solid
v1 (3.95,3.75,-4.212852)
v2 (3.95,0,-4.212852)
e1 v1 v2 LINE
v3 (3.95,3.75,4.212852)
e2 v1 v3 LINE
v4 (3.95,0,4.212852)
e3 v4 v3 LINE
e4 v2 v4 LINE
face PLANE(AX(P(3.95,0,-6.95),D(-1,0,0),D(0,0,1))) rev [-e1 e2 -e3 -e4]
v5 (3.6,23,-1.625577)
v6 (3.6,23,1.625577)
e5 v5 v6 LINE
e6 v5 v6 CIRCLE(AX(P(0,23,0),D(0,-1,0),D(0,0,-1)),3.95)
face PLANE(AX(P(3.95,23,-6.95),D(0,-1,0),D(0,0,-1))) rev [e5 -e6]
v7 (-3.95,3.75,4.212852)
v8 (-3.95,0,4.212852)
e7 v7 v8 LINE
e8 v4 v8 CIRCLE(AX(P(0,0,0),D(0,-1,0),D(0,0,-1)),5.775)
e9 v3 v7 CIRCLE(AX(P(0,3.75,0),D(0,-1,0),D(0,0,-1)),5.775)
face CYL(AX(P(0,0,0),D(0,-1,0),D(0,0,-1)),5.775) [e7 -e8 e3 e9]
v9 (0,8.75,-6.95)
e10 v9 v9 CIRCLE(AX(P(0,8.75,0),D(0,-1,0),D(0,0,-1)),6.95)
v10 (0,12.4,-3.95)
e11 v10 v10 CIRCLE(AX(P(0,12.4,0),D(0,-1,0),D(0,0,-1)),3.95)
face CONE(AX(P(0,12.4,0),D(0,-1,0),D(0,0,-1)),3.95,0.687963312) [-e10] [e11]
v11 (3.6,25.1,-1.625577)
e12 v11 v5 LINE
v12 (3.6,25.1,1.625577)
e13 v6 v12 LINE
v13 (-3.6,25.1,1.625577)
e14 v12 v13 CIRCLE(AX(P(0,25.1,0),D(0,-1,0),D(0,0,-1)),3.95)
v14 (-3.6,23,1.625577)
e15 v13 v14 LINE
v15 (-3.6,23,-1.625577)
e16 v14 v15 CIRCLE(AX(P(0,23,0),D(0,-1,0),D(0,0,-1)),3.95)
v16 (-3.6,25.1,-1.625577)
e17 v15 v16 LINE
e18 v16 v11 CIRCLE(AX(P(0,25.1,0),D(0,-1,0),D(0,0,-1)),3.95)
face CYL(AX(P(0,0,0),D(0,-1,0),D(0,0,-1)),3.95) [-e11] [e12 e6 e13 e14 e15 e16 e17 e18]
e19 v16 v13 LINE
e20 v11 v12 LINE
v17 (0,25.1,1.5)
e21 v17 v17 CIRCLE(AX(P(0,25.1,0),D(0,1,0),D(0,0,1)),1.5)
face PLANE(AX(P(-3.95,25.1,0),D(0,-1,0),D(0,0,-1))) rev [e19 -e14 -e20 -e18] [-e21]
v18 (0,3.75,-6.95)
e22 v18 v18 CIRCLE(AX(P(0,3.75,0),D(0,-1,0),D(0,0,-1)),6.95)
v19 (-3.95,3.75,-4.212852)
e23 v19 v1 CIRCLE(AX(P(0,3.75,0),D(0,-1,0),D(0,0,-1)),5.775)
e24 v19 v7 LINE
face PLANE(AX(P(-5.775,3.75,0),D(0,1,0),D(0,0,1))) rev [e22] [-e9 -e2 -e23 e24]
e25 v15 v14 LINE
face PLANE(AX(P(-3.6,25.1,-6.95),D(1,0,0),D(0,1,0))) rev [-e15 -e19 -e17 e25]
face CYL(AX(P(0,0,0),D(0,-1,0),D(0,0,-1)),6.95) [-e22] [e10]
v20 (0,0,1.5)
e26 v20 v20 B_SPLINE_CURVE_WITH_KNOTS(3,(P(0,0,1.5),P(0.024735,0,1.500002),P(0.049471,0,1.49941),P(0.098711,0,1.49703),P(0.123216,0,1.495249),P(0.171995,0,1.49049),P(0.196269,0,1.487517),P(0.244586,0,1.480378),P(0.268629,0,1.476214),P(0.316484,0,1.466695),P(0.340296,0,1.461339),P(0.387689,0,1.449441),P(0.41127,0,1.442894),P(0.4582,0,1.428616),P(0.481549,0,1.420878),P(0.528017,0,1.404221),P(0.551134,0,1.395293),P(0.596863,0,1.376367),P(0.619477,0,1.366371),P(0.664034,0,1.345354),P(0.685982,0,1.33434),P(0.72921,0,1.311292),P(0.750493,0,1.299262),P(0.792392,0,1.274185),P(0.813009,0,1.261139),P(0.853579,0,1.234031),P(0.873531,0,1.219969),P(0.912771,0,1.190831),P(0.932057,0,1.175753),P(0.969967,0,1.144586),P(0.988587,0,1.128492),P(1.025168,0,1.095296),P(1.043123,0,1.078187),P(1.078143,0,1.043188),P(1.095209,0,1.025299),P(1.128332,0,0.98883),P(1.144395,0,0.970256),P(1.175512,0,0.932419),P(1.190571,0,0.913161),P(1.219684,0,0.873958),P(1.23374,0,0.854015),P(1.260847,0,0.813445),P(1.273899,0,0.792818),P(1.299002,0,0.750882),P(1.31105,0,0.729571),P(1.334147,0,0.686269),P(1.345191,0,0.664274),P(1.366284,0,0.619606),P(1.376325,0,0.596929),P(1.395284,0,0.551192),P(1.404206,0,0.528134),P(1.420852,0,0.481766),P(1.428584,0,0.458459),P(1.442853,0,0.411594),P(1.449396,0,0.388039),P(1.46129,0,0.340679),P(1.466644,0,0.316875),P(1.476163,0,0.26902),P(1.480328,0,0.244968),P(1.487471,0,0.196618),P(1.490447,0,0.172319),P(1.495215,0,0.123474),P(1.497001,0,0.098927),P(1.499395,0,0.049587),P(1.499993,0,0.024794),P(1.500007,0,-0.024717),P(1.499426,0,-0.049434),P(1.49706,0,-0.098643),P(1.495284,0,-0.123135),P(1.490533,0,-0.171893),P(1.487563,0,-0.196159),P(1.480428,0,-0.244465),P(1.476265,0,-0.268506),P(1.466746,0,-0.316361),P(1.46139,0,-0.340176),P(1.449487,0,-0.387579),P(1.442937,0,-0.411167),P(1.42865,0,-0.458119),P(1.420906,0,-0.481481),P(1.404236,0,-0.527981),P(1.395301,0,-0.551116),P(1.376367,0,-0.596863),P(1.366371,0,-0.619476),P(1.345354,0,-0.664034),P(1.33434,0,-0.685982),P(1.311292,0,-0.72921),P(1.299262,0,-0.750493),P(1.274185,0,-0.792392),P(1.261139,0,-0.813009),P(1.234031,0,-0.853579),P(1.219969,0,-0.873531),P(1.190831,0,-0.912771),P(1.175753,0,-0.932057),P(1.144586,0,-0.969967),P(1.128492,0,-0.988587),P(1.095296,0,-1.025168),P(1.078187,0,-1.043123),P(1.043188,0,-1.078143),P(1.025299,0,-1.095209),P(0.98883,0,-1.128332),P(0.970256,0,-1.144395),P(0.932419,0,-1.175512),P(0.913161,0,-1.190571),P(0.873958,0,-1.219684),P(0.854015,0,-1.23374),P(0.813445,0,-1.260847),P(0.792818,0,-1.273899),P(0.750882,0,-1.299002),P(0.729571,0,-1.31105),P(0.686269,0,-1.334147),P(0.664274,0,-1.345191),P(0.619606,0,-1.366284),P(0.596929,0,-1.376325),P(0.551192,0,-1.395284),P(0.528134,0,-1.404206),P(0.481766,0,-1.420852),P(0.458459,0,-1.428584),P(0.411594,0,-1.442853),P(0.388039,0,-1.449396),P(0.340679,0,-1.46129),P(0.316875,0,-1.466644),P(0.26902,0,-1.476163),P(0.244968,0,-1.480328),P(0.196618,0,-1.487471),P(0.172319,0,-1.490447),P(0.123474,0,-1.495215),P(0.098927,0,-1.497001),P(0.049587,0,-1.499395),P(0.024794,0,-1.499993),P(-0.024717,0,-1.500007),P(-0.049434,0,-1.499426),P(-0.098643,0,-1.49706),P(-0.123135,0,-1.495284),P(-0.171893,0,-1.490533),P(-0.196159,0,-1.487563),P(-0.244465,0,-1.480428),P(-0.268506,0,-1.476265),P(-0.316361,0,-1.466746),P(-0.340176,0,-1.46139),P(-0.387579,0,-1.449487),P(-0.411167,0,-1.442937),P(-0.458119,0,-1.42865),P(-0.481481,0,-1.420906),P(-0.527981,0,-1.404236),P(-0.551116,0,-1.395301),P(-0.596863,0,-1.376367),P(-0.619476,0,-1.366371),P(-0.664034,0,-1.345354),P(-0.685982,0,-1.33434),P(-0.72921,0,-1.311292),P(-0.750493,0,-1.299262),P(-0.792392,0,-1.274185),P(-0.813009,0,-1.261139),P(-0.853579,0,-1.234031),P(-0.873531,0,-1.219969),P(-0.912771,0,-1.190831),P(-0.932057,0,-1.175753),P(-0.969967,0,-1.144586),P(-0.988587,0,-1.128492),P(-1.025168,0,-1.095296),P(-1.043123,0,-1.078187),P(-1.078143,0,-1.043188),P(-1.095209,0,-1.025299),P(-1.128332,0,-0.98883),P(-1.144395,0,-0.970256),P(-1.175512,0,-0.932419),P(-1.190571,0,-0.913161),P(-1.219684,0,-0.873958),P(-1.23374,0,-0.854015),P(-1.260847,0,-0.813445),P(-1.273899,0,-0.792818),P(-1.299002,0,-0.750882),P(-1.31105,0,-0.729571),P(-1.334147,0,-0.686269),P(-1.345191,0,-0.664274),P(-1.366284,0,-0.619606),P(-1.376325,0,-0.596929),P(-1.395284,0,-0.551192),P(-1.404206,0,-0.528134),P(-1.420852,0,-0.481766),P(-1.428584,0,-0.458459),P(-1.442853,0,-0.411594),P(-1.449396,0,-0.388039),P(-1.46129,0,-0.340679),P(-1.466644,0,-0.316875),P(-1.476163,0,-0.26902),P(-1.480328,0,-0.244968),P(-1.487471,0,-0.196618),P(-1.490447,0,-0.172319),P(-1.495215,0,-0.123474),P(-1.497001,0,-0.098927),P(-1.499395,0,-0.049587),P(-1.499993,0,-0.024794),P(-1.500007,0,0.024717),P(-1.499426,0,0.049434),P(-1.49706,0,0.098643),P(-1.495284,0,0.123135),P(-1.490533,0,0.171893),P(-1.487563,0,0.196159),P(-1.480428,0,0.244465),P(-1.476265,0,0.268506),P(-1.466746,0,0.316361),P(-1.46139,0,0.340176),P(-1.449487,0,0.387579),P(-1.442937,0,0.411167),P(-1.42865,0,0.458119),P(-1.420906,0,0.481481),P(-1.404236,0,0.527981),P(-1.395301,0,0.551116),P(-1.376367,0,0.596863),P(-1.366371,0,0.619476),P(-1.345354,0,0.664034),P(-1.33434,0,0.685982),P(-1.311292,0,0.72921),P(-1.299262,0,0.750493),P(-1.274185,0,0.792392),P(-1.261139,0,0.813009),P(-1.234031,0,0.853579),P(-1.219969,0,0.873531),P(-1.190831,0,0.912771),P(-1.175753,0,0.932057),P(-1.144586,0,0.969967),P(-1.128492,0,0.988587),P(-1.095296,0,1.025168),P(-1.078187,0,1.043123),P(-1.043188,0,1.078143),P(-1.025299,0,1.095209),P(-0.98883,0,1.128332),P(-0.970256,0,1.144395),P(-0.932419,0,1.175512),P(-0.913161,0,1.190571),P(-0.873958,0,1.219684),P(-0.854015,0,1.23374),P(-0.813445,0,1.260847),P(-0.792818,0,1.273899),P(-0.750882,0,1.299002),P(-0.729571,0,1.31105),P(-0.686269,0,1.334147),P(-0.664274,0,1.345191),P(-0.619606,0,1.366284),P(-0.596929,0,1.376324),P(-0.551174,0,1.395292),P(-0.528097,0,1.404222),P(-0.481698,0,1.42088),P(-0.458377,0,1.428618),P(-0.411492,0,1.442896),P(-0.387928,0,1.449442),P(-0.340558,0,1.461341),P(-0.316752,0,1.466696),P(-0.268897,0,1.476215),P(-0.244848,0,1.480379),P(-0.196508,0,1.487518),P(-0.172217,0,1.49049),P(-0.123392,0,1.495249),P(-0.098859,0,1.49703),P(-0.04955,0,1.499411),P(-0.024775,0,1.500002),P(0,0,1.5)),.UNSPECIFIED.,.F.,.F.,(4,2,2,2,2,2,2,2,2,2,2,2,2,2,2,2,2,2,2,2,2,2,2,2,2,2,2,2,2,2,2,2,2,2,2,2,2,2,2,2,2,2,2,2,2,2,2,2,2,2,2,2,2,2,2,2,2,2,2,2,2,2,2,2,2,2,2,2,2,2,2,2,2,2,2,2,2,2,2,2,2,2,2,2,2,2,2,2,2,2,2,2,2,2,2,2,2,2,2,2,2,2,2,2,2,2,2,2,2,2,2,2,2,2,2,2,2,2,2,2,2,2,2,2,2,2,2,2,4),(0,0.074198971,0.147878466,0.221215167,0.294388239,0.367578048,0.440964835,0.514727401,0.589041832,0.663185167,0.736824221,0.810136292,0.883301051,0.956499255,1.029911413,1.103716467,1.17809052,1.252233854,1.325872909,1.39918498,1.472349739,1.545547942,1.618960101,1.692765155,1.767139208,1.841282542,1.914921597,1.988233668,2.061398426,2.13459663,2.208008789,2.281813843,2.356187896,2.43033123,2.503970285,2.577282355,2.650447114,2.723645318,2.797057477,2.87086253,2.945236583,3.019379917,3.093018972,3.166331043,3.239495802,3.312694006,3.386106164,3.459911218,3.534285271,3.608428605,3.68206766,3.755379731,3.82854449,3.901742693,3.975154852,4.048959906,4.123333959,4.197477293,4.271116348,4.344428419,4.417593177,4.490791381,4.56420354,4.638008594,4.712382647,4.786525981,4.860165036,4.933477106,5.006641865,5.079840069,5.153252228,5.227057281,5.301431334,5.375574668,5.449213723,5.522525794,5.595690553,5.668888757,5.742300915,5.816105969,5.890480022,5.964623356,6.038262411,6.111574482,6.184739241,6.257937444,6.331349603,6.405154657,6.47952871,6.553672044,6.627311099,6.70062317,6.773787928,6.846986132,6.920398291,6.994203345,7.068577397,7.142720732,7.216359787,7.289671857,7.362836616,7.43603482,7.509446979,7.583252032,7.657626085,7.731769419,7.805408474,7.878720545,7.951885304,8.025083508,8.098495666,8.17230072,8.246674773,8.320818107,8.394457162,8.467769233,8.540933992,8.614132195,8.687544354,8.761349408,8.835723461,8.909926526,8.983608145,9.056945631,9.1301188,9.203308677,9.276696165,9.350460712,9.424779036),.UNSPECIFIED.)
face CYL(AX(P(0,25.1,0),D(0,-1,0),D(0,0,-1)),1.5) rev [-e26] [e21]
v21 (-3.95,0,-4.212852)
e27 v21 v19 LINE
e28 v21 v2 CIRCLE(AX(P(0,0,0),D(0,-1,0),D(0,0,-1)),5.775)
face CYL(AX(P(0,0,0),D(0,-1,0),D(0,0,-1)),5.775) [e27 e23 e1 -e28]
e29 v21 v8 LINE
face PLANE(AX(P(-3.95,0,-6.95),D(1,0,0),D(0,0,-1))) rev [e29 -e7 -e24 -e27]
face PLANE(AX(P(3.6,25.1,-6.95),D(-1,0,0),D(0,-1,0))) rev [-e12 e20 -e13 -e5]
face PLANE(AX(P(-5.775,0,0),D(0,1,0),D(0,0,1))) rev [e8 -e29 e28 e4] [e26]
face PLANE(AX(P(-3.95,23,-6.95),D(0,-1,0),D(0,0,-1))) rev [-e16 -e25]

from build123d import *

# Parameters (mm, degrees)
CORTE_EXTRUS_O1_DEPTH      = 27.95579715
CORTE_EXTRUS_O1_DEPTH_BACK = 27.95579715
ESBO_O2_W                  = 1.825
ESBO_O2_H                  = 3.75
ESBO_O2_W_2                = 0.35
ESBO_O2_H_2                = 2.1
CORTE_EXTRUS_O2_DEPTH      = 27.95579715
CORTE_EXTRUS_O2_DEPTH_BACK = 27.95579715
ESBO_O3_R                  = 1.5


with BuildPart() as part:
    # Esboço1 → Revolução1 (revolve)
    with BuildSketch(Plane.XY, mode=Mode.PRIVATE) as revolu_o1_sk:
        Polygon((-5.775, 0), (-5.775, 3.75), (-6.95, 3.75), (-6.95, 8.75), (-3.95, 12.4), (-3.95, 25.1), (0, 25.1), (0, 0), align=None)
    revolve(revolu_o1_sk.sketch.rotate(Axis((0, 0, 0), (0, 1, 0)), 270), axis=Axis((0, 0, 0), (0, 1, 0)))

    # Esboço2 → Corte-extrusão1 (cut, two sides: drawn at the far end of the back side and taken through both)
    with BuildSketch(Plane.XY.offset(-CORTE_EXTRUS_O1_DEPTH_BACK)):
        with Locations((-4.8625, 1.875)):
            Rectangle(ESBO_O2_W, ESBO_O2_H)
        with Locations((-3.775, 24.05)):
            Rectangle(ESBO_O2_W_2, ESBO_O2_H_2)
        with Locations((3.775, 24.05)):
            Rectangle(ESBO_O2_W_2, ESBO_O2_H_2)
        with Locations((4.8625, 1.875)):
            Rectangle(ESBO_O2_W, ESBO_O2_H)
    extrude(amount=CORTE_EXTRUS_O1_DEPTH + CORTE_EXTRUS_O1_DEPTH_BACK, mode=Mode.SUBTRACT)

    # Esboço3 → Corte-extrusão2 (cut, two sides: drawn at the far end of the back side and taken through both)
    with BuildSketch(Plane(origin=(0, 0, 0), x_dir=(1, 0, 0), z_dir=(0, 1, 0)).offset(-CORTE_EXTRUS_O2_DEPTH_BACK)):
        with Locations(Location((0, 0, 0), (0, 0, 270))):
            Circle(ESBO_O3_R)
    extrude(amount=CORTE_EXTRUS_O2_DEPTH + CORTE_EXTRUS_O2_DEPTH_BACK, mode=Mode.SUBTRACT)


solid = part.part
